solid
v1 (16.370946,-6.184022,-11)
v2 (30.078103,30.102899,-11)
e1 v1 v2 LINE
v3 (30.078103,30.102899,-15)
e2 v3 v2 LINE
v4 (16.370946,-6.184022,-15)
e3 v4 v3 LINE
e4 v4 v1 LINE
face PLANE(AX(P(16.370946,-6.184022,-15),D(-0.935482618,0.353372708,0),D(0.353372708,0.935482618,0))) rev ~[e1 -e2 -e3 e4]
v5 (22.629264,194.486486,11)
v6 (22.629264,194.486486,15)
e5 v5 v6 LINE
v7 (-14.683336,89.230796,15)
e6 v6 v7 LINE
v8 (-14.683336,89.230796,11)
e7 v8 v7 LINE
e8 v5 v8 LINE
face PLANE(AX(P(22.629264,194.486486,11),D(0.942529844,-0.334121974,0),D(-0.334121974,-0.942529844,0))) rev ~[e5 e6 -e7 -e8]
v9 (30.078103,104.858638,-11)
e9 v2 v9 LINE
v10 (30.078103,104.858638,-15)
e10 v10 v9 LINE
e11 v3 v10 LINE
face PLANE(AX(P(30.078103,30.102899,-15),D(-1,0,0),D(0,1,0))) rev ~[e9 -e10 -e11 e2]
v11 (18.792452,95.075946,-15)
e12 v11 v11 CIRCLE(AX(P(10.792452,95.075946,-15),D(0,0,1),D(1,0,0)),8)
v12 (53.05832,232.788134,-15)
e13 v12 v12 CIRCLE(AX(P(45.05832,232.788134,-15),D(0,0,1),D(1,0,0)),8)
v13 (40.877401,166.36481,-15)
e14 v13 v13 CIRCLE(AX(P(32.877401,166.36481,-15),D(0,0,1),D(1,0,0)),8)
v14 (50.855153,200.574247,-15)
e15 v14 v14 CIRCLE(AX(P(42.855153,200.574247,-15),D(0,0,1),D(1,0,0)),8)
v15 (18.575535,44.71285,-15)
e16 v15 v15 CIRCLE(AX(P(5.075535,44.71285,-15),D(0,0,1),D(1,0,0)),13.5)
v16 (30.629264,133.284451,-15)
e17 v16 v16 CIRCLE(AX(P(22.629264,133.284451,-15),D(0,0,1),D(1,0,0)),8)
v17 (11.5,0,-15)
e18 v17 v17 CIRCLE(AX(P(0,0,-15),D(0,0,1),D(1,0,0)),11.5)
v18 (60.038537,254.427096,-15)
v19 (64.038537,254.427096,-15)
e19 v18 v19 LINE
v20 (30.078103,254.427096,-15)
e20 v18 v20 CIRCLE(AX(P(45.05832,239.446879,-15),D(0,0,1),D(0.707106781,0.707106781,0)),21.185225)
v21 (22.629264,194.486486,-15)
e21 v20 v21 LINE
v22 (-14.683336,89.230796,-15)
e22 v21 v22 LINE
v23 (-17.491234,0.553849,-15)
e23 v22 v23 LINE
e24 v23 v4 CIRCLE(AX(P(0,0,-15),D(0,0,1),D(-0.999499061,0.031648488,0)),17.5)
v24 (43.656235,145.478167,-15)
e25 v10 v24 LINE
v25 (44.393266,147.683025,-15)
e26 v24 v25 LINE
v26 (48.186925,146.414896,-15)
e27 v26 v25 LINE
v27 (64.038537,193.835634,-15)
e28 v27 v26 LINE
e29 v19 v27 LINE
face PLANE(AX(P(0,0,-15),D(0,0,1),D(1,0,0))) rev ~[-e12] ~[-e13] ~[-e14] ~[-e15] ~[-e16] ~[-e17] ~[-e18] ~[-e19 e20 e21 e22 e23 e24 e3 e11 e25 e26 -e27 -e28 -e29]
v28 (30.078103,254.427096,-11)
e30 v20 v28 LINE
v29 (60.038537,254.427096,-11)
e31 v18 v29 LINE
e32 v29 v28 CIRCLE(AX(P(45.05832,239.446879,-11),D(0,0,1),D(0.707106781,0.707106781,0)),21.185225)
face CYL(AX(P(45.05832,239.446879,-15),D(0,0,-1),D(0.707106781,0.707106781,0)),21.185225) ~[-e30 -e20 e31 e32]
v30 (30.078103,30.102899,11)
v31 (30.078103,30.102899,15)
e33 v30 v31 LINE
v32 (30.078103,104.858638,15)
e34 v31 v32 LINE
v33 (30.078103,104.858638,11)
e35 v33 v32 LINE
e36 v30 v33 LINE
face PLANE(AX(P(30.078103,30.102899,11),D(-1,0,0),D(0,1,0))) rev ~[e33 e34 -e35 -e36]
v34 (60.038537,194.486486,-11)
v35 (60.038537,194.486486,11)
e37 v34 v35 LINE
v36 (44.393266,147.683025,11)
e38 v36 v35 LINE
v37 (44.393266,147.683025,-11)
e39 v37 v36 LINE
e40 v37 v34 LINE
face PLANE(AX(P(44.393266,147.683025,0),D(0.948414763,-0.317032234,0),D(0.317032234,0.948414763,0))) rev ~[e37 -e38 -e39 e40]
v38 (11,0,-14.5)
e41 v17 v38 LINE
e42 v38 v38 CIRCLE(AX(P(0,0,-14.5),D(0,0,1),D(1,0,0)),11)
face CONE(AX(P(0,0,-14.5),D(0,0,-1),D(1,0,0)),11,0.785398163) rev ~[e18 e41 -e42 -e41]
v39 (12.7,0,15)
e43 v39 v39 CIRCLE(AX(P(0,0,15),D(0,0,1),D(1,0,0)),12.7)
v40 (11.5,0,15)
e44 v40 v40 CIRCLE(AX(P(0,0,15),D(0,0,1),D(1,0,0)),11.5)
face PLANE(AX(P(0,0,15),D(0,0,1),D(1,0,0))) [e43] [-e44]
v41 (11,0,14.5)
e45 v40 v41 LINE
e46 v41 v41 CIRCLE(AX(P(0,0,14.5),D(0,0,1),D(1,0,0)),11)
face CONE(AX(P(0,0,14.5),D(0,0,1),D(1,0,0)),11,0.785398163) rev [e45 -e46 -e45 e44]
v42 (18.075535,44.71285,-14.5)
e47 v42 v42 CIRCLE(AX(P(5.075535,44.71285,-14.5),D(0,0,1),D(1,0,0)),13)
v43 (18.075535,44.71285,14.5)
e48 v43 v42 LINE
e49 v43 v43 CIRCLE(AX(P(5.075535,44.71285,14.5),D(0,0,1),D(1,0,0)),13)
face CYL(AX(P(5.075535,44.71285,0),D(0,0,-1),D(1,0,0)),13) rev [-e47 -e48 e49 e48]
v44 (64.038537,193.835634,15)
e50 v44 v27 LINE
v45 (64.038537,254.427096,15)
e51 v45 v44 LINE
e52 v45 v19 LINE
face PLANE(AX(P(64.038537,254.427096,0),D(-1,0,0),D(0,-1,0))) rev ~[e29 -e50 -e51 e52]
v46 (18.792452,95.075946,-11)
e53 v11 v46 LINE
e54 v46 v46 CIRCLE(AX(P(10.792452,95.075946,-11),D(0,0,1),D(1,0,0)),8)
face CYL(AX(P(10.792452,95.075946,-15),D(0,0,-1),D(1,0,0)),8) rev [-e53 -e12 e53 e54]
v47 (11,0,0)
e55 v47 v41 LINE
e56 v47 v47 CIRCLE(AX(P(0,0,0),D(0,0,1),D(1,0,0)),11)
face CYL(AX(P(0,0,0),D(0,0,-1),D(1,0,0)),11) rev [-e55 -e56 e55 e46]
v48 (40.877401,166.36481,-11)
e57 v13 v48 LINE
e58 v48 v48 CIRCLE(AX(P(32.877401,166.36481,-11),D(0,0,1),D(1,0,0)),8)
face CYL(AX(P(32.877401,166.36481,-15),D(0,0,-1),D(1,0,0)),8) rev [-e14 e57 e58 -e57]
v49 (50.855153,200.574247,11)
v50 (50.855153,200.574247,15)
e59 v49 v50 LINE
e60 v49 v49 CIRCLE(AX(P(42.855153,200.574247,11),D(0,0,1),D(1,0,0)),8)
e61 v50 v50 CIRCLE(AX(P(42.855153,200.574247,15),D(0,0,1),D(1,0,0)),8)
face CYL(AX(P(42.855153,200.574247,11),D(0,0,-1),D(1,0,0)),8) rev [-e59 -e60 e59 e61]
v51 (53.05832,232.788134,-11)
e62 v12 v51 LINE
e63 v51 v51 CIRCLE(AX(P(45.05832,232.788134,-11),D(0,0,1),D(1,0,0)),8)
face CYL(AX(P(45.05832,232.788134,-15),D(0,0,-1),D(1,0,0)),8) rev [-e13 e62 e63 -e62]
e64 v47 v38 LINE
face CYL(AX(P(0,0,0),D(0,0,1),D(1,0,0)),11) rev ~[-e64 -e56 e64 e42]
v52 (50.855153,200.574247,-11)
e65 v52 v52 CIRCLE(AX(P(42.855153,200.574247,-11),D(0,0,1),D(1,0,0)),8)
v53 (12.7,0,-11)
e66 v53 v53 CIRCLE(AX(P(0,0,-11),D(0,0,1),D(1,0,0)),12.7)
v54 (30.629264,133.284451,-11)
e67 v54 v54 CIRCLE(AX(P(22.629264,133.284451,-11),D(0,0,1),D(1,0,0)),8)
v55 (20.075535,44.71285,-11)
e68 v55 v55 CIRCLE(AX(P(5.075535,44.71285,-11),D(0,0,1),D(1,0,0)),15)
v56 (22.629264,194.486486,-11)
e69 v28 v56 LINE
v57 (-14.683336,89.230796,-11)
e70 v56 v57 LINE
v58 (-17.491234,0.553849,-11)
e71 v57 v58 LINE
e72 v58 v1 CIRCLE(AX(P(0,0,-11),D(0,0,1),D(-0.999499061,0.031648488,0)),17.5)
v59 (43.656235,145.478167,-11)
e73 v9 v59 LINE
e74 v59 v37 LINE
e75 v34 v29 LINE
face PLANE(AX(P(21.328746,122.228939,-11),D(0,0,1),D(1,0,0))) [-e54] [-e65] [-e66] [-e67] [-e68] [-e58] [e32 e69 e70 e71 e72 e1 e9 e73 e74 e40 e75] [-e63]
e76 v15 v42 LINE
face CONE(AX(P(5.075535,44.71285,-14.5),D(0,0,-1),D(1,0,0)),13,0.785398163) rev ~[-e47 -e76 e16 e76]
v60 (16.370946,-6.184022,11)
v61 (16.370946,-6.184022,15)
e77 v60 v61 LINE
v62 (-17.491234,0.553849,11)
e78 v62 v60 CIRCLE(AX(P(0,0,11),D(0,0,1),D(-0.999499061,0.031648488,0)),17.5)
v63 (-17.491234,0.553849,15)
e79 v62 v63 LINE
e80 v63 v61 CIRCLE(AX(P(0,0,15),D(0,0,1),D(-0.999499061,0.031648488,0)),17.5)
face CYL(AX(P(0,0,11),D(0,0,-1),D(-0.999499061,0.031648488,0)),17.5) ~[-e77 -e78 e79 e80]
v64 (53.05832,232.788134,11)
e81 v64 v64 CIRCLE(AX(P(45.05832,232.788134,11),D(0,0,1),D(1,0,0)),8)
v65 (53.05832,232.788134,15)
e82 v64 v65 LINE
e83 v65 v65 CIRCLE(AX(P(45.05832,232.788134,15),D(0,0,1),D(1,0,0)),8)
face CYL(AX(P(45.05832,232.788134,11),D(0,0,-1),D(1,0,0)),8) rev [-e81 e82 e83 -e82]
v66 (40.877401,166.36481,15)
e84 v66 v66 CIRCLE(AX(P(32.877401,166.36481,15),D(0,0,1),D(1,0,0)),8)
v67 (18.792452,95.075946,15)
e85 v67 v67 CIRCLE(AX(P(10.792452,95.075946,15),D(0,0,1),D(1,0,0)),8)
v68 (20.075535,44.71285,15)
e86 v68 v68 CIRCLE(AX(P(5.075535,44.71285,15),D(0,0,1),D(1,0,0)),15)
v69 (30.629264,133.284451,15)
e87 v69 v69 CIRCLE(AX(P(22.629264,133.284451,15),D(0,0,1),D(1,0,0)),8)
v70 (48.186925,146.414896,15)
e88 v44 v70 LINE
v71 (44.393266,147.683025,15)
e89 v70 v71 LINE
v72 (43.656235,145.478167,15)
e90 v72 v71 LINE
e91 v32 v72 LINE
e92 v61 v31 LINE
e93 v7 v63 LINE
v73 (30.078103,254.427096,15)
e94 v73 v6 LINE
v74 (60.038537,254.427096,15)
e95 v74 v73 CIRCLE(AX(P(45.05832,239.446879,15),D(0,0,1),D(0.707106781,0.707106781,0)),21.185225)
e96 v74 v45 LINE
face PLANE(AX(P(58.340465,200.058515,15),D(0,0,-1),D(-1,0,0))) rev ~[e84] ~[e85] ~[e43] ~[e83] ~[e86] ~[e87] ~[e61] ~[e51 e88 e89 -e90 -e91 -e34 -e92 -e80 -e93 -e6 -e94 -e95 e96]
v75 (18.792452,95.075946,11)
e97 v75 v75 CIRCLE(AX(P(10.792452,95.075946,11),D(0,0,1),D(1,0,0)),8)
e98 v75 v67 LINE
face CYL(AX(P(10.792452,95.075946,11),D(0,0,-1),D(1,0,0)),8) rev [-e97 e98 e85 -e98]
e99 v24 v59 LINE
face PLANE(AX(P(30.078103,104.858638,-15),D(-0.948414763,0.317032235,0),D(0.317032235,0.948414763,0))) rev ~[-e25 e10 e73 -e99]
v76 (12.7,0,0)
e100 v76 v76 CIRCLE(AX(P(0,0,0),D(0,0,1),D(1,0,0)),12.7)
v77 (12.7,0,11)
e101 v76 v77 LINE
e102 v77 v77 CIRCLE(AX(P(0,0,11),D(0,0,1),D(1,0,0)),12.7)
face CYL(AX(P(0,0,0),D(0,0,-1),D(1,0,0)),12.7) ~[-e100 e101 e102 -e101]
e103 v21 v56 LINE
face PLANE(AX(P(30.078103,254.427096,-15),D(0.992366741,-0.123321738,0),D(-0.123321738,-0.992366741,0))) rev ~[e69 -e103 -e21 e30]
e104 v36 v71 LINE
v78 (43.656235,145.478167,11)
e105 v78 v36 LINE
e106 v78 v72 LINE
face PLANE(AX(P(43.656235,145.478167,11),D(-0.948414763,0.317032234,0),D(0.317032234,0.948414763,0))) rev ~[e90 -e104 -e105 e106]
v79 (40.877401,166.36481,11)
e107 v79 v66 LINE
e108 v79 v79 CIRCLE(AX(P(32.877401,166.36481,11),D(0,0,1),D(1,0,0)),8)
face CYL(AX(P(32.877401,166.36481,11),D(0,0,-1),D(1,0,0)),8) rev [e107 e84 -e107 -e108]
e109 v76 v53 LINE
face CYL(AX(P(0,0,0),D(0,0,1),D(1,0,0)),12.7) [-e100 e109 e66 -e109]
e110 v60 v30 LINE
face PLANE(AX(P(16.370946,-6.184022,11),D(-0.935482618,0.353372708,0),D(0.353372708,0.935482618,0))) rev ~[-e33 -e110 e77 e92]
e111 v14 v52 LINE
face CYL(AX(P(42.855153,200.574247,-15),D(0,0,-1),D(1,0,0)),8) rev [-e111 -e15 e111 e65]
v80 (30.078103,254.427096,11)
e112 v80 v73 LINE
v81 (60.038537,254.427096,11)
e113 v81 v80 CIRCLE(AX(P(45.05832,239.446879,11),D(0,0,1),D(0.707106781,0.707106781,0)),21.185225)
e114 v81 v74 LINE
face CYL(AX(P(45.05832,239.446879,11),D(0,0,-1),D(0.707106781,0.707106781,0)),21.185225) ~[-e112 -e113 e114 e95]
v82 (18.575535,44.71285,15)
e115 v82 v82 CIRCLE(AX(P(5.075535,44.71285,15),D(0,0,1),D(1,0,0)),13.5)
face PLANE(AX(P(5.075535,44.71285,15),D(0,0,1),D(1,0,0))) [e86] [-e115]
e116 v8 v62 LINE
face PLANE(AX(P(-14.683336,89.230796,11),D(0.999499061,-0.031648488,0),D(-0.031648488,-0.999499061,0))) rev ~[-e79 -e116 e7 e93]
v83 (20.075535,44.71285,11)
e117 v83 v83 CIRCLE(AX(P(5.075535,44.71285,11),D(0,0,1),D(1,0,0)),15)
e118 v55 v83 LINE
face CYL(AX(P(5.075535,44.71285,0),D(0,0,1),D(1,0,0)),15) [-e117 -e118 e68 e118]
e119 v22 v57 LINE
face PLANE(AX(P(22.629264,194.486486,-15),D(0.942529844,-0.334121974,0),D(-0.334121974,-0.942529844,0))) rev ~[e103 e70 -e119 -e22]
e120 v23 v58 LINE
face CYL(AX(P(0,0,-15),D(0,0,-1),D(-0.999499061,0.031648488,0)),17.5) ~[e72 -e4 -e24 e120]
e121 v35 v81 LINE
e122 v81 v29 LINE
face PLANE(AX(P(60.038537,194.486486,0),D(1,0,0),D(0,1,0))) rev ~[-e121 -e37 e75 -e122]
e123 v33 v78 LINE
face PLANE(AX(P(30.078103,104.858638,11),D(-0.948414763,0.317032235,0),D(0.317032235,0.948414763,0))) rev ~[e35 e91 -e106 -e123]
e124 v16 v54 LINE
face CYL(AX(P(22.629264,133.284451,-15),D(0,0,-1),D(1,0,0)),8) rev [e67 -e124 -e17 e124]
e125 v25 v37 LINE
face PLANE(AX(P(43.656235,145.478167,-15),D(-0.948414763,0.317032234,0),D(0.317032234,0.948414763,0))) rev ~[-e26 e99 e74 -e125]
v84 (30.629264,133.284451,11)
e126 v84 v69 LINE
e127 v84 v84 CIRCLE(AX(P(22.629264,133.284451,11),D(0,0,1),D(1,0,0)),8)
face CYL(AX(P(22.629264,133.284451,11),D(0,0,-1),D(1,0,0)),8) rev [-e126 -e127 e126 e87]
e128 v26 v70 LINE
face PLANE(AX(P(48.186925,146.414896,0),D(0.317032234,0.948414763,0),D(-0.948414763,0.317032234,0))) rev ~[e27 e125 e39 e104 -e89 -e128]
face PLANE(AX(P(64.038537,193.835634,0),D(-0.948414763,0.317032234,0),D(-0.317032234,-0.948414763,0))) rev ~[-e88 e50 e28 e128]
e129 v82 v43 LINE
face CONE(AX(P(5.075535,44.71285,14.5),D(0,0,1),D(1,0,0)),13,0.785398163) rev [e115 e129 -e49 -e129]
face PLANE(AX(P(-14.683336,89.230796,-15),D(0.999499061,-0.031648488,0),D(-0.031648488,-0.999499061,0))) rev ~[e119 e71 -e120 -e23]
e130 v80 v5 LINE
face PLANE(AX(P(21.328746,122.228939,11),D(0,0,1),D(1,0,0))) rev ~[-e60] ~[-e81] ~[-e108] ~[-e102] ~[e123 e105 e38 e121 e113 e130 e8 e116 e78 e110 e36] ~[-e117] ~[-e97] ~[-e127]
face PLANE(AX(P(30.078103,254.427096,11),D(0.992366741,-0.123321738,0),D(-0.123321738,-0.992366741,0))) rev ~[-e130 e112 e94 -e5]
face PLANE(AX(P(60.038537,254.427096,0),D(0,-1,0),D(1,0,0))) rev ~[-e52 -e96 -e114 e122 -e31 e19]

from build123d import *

# Parameters (mm, degrees)
BOSS_EXTRUDE1_START = 11
SKETCH2_R           = 12.7
SKETCH2_R_2         = 8
SKETCH2_R_3         = 15
BOSS_EXTRUDE1_DEPTH = 4
LPATTERN1_COUNT     = 2
LPATTERN1_PITCH     = 26
BOSS_EXTRUDE2_DEPTH = 15
SKETCH4_R           = 12.7
SKETCH4_R_2         = 11
SKETCH4_R_3         = 15
SKETCH4_R_4         = 13
BOSS_EXTRUDE3_DEPTH = 15
CHAMFER2_SIZE       = 0.5


with BuildPart() as part:
    # Sketch2 → Boss-Extrude1 (new body)
    with BuildSketch(Plane.XY.offset(BOSS_EXTRUDE1_START)):
        with BuildLine():
            Line((30.078103468, 30.102899094), (30.078103468, 104.858637586))
            Line((30.078103468, 104.858637586), (43.656234688, 145.478166756))
            Line((43.656234688, 145.478166756), (60.038536544, 194.486485935))
            Line((60.038536544, 194.486485935), (60.038536544, 254.427096014))
            ThreePointArc((60.038536544, 254.427096014), (45.05832001, 260.632104877), (30.078103469, 254.427096029))
            Line((30.078103469, 254.427096029), (22.62926434, 194.486485916))
            Line((22.62926434, 194.486485916), (-14.683335653, 89.230795609))
            Line((-14.683335653, 89.230795609), (-17.49123357, 0.553848547))
            ThreePointArc((-17.49123357, 0.553848547), (-3.415184823, -17.163522734), (16.370945819, -6.184022397))
            Line((16.370945819, -6.184022397), (30.078103468, 30.102899094))
        make_face()
        Circle(SKETCH2_R, mode=Mode.SUBTRACT)
        with Locations((45.058319997, 232.788133995)):
            Circle(SKETCH2_R_2, mode=Mode.SUBTRACT)
        with Locations((42.85515341, 200.574247039)):
            Circle(SKETCH2_R_2, mode=Mode.SUBTRACT)
        with Locations((32.877400798, 166.36480954)):
            Circle(SKETCH2_R_2, mode=Mode.SUBTRACT)
        with Locations((22.629264347, 133.284451418)):
            Circle(SKETCH2_R_2, mode=Mode.SUBTRACT)
        with Locations((10.792452444, 95.075946031)):
            Circle(SKETCH2_R_2, mode=Mode.SUBTRACT)
        with Locations((5.075535148, 44.712849864)):
            Circle(SKETCH2_R_3, mode=Mode.SUBTRACT)
    extrude(amount=BOSS_EXTRUDE1_DEPTH)


with BuildPart() as lpattern1_1:
    # LPattern1: pattern copy
    add(part.part.moved(Location(Vector(0, 0, -1) * (1 * LPATTERN1_PITCH))))


with BuildPart() as part_1:
    add(part.part)

    add(lpattern1_1.part)  # Boss-Extrude2 merges LPattern1_1
    # Sketch3 → Boss-Extrude2 (add, symmetric)
    with BuildSketch(Plane.XY):
        Polygon((60.038536544, 194.486485935), (60.038536544, 254.427096014), (64.038536544, 254.427096014), (64.038536544, 193.835634299), (48.186924823, 146.414896158), (44.393265771, 147.683025095), align=None)
    extrude(amount=BOSS_EXTRUDE2_DEPTH, both=True)

    # Sketch4 → Boss-Extrude3 (add, symmetric)
    # profile 1 of 2: a face of its own
    with BuildSketch(Plane.XY):
        Circle(SKETCH4_R)
        Circle(SKETCH4_R_2, mode=Mode.SUBTRACT)
    # profile 2 of 2: a face of its own
    with BuildSketch(Plane.XY):
        with Locations((5.075535148, 44.712849864)):
            Circle(SKETCH4_R_3)
        with Locations((5.075535148, 44.712849864)):
            Circle(SKETCH4_R_4, mode=Mode.SUBTRACT)
    extrude(amount=BOSS_EXTRUDE3_DEPTH, both=True)

    # Chamfer2
    chamfer2_edges = [part_1.edges().sort_by_distance(p)[0] for p in [
        (-11, 0, -15),
        (-11, 0, 15),
        (-7.924464852, 44.712849864, -15),
        (-7.924464852, 44.712849864, 15),
    ]]
    chamfer(chamfer2_edges, length=CHAMFER2_SIZE)


solid = part_1.part
